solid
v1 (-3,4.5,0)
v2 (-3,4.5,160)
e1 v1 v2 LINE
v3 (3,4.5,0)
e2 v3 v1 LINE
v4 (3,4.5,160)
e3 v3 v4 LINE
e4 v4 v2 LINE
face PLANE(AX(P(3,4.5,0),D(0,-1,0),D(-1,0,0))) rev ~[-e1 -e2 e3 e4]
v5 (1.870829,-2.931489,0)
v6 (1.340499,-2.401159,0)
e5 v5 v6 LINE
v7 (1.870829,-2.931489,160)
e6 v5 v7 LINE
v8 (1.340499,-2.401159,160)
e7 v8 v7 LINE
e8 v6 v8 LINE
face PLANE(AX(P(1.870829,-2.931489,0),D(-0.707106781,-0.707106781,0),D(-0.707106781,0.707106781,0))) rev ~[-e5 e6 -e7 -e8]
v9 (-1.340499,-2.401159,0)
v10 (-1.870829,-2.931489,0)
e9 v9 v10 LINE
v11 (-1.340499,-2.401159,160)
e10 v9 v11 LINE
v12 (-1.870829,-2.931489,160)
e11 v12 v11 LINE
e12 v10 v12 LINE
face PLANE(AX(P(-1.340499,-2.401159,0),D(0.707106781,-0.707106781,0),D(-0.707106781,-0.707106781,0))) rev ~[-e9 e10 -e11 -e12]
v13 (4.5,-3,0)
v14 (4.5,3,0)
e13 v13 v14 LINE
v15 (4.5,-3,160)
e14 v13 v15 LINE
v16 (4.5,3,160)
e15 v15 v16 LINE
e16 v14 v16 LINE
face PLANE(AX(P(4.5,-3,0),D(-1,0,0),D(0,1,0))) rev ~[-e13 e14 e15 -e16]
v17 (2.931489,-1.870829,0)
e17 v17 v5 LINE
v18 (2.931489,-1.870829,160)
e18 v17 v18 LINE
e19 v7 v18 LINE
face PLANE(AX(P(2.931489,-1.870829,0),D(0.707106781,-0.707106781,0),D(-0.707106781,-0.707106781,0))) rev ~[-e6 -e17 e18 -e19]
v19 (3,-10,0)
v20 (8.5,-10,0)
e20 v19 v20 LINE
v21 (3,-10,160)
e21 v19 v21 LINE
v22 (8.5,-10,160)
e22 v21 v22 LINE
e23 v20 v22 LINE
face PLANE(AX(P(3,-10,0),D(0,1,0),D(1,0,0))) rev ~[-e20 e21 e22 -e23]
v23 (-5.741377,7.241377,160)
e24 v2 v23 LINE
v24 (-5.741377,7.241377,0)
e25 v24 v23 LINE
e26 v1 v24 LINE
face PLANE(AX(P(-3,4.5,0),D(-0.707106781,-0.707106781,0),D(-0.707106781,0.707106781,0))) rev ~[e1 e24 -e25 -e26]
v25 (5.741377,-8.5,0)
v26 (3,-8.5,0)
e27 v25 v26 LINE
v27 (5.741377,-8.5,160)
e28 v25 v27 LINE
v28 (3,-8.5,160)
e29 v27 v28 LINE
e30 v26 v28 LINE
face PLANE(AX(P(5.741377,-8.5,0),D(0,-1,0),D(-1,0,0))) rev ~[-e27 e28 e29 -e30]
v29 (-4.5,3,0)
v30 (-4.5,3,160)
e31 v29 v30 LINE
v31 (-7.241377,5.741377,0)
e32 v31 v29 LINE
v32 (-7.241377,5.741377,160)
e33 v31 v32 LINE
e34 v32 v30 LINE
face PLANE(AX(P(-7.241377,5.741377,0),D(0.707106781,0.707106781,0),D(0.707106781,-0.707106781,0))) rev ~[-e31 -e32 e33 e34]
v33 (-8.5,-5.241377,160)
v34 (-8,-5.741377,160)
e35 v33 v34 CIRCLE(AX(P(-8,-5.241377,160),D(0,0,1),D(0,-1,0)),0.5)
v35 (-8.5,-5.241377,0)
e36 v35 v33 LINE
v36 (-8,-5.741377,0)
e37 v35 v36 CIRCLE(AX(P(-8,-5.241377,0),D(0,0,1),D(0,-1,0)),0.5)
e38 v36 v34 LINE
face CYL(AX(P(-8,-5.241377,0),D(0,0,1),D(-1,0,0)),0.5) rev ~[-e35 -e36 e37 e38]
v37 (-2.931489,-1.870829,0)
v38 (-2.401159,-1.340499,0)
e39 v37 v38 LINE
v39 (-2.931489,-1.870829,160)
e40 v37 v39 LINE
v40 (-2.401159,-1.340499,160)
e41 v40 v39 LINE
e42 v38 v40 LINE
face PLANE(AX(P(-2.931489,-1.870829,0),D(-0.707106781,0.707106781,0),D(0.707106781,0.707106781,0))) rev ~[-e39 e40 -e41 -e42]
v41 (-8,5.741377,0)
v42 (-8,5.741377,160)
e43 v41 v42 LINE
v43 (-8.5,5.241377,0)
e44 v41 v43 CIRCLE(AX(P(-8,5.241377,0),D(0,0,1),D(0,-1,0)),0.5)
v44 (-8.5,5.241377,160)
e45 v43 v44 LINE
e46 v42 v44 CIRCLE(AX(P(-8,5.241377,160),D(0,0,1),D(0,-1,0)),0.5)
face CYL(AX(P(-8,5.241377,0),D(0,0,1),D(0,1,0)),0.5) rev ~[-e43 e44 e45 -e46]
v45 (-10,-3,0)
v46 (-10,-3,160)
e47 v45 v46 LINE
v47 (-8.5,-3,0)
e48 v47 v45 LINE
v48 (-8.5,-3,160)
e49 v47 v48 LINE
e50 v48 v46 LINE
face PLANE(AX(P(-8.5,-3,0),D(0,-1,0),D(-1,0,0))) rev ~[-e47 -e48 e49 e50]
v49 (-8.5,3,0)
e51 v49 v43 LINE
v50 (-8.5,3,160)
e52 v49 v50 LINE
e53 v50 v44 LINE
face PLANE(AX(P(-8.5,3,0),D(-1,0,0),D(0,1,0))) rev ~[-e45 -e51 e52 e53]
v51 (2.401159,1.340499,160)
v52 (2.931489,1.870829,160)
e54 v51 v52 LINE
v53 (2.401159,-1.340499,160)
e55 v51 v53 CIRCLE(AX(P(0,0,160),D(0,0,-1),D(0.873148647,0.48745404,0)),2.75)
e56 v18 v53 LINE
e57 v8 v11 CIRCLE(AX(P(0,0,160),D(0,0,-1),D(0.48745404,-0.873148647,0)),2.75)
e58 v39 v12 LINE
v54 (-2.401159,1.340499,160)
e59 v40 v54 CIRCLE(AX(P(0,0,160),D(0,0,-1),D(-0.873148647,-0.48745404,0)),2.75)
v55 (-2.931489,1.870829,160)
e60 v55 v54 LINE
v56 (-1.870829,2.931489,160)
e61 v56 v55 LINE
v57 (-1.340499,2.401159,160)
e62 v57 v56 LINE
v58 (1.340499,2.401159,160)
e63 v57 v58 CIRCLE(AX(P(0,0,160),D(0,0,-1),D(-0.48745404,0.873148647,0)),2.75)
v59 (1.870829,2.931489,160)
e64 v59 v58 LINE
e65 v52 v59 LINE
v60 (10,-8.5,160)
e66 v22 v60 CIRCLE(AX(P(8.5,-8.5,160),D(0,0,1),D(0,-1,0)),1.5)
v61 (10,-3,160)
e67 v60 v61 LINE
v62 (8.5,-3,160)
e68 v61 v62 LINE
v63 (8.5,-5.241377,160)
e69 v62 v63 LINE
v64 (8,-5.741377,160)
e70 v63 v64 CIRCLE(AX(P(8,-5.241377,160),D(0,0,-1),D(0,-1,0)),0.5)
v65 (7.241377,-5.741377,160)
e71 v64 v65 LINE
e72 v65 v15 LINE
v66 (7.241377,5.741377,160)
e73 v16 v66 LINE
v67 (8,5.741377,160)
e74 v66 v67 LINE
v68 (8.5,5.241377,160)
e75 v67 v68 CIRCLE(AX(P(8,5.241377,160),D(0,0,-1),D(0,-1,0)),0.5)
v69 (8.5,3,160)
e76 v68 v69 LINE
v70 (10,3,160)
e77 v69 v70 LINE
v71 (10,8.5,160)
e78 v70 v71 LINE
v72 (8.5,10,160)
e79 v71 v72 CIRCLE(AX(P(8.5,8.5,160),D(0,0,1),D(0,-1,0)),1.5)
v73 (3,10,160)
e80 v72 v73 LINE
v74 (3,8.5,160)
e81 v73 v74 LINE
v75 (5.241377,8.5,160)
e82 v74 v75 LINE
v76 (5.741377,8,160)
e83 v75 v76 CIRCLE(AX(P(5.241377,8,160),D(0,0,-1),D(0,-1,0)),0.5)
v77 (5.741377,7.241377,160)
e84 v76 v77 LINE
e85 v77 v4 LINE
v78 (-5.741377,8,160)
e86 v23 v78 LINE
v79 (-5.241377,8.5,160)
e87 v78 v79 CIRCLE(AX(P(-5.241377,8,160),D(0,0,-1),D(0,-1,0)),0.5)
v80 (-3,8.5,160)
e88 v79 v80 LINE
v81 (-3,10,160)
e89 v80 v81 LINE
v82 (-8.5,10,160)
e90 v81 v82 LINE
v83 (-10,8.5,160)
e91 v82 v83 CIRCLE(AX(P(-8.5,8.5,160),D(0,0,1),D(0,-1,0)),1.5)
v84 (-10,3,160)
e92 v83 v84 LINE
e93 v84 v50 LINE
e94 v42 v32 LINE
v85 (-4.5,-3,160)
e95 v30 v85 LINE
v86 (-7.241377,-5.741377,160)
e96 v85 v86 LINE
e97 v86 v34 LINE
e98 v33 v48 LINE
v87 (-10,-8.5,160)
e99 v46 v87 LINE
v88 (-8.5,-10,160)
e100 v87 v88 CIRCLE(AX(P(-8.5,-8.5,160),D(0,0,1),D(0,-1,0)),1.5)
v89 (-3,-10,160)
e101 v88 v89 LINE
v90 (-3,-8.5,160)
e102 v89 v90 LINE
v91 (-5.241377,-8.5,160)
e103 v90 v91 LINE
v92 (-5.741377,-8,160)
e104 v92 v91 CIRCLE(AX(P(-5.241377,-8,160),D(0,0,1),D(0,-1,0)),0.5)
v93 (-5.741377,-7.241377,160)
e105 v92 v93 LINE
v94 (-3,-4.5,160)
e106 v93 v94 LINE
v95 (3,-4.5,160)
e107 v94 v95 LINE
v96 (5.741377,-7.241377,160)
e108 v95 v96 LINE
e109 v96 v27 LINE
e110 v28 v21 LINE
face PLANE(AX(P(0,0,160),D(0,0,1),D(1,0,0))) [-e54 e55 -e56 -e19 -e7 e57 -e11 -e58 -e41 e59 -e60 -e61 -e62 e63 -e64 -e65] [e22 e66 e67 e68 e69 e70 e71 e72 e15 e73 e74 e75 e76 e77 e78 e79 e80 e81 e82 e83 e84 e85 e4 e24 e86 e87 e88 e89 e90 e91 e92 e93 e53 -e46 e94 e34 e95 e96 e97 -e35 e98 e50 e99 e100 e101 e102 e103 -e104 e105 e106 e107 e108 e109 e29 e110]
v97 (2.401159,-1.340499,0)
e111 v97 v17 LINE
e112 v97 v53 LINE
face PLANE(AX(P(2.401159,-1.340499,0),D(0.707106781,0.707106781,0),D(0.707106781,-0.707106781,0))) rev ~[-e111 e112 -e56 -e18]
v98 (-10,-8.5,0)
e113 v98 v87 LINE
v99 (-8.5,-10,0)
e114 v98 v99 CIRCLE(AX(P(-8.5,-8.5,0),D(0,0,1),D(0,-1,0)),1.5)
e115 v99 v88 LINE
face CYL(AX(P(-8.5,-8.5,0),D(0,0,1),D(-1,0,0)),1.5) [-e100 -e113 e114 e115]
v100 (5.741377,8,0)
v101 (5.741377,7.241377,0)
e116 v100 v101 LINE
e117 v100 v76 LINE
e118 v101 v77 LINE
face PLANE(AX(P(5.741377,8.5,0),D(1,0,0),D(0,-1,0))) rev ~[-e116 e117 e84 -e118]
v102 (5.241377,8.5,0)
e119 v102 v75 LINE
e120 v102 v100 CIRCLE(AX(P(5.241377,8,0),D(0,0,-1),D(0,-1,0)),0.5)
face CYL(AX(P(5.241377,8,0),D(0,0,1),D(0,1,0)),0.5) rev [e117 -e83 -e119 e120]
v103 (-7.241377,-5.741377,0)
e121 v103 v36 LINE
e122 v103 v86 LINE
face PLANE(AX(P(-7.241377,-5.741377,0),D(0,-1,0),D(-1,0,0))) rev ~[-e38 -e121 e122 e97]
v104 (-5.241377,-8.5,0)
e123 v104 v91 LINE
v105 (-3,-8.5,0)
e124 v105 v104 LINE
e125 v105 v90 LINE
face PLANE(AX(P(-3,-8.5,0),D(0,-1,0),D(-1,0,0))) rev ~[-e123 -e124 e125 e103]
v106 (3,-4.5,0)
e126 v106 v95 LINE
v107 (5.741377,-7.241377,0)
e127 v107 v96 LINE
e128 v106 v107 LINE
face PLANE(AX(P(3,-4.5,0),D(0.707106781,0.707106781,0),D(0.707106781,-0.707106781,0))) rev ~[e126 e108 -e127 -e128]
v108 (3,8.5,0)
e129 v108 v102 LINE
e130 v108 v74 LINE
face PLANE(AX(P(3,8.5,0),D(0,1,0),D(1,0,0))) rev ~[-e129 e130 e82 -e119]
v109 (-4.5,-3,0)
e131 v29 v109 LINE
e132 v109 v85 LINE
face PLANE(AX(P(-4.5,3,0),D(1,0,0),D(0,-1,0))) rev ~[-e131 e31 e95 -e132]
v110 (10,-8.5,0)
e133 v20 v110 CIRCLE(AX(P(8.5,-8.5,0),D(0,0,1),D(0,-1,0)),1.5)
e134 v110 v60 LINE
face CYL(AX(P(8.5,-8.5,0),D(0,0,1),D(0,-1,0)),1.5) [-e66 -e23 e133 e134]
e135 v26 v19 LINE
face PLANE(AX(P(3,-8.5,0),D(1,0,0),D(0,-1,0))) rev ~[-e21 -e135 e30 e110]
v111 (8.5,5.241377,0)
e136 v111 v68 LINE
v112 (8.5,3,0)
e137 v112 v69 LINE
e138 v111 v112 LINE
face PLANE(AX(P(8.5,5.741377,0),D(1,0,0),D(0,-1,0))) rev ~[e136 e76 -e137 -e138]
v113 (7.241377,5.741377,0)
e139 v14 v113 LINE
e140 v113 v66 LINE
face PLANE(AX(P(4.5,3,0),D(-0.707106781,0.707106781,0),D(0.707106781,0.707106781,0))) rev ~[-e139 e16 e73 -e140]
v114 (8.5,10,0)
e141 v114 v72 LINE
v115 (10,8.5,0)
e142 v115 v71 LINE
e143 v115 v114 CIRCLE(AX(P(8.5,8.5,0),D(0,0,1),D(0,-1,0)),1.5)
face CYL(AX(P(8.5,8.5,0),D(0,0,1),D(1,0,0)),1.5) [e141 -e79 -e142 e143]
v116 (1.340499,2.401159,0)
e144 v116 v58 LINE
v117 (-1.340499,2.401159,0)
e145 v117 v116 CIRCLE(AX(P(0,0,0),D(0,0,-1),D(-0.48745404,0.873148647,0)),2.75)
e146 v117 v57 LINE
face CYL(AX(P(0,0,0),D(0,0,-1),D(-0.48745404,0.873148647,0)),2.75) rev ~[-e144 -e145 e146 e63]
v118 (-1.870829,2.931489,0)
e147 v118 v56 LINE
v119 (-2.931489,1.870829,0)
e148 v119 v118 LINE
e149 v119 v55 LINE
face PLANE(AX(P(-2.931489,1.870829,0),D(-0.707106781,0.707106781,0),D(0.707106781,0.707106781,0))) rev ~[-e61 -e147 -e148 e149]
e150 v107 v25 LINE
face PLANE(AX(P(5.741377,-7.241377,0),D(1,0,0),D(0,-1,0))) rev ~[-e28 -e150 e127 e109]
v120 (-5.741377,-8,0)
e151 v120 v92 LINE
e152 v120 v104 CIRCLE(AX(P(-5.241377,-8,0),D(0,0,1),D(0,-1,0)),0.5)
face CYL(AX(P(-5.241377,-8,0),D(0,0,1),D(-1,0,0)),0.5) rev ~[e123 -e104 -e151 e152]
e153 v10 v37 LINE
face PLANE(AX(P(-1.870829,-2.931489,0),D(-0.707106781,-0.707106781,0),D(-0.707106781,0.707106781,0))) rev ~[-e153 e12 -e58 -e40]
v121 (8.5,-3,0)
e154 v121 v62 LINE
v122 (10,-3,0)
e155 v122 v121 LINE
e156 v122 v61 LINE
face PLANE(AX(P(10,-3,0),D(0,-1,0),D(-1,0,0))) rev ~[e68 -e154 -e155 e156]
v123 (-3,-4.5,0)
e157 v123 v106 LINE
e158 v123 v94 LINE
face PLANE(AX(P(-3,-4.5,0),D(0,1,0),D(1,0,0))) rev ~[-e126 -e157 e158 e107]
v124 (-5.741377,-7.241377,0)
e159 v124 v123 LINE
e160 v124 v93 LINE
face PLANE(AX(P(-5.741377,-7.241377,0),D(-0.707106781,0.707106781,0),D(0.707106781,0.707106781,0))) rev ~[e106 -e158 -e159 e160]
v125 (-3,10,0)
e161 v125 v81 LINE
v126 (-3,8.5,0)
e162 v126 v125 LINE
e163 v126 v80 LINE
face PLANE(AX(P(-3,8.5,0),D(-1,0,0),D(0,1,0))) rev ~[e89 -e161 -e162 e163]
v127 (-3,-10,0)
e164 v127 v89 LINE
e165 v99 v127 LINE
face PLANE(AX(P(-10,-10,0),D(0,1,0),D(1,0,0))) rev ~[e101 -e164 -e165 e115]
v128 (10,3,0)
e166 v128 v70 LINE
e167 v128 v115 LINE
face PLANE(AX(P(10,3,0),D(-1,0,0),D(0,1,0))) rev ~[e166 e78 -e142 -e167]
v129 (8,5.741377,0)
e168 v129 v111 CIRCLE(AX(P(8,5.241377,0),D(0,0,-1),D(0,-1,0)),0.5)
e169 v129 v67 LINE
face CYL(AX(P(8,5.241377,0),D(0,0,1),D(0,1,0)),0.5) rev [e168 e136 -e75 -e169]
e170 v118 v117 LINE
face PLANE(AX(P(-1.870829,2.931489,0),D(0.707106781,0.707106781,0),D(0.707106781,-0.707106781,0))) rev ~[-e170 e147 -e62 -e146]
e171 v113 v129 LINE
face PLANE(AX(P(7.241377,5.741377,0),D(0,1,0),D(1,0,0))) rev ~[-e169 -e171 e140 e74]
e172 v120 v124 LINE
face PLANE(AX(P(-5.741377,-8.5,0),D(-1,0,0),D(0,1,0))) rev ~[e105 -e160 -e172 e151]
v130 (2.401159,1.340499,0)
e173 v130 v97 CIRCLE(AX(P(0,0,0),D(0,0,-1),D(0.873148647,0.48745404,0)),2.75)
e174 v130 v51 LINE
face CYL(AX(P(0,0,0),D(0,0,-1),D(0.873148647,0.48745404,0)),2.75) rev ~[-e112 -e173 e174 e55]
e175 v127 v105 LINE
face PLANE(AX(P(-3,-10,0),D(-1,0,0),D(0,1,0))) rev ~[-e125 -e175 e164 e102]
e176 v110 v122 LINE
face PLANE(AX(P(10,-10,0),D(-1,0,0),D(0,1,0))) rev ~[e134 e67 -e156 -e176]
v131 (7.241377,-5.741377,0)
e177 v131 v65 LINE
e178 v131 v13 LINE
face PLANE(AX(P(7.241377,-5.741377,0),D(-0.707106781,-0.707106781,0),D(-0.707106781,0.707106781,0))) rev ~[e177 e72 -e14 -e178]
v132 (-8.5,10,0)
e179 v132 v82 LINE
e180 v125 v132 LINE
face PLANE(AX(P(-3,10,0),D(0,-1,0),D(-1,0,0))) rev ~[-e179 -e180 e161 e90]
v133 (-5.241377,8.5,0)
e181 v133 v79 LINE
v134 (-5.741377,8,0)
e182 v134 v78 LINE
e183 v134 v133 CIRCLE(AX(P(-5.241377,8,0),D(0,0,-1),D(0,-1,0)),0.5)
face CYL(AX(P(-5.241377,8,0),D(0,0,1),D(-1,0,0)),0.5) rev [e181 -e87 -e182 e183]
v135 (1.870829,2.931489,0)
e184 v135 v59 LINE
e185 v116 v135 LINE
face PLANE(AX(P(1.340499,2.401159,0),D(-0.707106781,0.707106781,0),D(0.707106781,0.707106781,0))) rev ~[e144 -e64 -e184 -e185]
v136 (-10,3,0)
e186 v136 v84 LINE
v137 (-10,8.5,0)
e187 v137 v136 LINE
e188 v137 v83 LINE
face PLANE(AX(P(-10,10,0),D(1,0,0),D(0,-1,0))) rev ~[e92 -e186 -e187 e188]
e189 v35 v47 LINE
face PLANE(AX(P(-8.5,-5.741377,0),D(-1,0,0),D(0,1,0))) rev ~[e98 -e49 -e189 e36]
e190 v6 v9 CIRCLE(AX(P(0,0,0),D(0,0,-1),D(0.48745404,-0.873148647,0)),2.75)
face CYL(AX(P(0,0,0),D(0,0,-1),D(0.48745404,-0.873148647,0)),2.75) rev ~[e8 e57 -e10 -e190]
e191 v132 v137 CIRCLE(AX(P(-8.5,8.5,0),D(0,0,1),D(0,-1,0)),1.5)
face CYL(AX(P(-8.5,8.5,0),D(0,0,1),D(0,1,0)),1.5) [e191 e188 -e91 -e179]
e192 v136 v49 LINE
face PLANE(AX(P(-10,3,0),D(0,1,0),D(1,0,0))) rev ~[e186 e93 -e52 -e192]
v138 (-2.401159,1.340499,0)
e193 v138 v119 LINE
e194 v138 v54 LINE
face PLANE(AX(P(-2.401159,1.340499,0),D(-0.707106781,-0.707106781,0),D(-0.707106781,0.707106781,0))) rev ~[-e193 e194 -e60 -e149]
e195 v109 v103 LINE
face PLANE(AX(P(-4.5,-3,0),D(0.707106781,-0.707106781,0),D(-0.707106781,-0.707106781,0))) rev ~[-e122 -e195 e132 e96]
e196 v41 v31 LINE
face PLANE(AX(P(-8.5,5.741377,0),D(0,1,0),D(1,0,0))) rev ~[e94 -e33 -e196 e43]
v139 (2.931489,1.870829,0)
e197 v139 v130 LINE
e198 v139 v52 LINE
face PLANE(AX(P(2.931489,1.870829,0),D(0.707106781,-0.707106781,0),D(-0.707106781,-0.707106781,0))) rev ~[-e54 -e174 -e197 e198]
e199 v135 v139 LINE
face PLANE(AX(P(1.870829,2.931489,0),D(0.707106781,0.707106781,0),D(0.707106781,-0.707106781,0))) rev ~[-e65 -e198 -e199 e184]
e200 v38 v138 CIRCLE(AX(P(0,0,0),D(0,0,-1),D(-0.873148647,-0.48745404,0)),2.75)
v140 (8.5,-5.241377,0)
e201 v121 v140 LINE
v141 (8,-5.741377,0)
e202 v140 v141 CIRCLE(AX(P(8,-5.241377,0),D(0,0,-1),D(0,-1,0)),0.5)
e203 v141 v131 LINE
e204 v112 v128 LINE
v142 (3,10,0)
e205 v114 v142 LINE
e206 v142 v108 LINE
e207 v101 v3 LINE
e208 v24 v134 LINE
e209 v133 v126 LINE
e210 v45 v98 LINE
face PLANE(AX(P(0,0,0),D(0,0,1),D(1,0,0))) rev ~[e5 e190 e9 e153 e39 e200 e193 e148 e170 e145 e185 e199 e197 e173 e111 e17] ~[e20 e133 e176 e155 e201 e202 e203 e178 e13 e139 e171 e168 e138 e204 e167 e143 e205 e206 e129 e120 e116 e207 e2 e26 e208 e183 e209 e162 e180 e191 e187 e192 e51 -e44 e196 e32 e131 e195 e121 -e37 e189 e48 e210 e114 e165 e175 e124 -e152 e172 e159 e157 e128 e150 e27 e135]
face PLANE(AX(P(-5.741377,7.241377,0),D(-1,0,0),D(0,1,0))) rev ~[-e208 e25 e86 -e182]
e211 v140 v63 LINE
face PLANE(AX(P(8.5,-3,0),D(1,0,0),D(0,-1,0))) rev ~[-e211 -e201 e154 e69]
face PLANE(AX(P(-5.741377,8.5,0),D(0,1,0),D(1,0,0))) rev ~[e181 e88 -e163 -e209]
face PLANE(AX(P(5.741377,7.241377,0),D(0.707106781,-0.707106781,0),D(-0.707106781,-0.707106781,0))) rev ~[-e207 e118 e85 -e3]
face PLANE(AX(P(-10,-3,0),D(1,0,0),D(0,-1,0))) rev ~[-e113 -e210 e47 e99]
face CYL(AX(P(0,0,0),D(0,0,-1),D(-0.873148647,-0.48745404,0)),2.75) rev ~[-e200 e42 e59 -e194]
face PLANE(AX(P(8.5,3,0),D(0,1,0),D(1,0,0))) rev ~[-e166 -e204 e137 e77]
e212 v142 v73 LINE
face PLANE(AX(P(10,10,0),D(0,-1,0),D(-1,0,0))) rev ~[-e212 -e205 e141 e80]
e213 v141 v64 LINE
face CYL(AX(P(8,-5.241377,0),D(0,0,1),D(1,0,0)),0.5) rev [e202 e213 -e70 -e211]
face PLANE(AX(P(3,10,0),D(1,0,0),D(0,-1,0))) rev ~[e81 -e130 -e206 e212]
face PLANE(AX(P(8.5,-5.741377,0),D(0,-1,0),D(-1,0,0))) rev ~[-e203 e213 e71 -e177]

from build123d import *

# Parameters (mm, degrees)
SALIENTE_EXTRUIR1_DEPTH = 160
REDONDEO1_R             = 1.5
REDONDEO2_R             = 0.5
CORTAR_EXTRUIR1_DEPTH   = 161.623784042


with BuildPart() as part:
    # Croquis1 → Saliente-Extruir1 (new body)
    with BuildSketch(Plane.XY):
        Polygon((3, -4.5), (5.7413765, -7.2413765), (5.7413765, -8.5), (3, -8.5), (3, -10), (10, -10), (10, -3), (8.5, -3), (8.5, -5.7413765), (7.2413765, -5.7413765), (4.5, -3), (4.5, 3), (7.2413765, 5.7413765), (8.5, 5.7413765), (8.5, 3), (10, 3), (10, 10), (3, 10), (3, 8.5), (5.7413765, 8.5), (5.7413765, 7.2413765), (3, 4.5), (-3, 4.5), (-5.7413765, 7.2413765), (-5.7413765, 8.5), (-3, 8.5), (-3, 10), (-10, 10), (-10, 3), (-8.5, 3), (-8.5, 5.7413765), (-7.2413765, 5.7413765), (-4.5, 3), (-4.5, -3), (-7.2413765, -5.7413765), (-8.5, -5.7413765), (-8.5, -3), (-10, -3), (-10, -10), (-3, -10), (-3, -8.5), (-5.7413765, -8.5), (-5.7413765, -7.2413765), (-3, -4.5), align=None)
    extrude(amount=SALIENTE_EXTRUIR1_DEPTH)

    # Redondeo1
    redondeo1_edges = [part.edges().sort_by_distance(p)[0] for p in [
        (10, -10, 80),
        (-10, -10, 80),
        (-10, 10, 80),
        (10, 10, 80),
    ]]
    fillet(redondeo1_edges, radius=REDONDEO1_R)

    # Redondeo2
    redondeo2_edges = [part.edges().sort_by_distance(p)[0] for p in [
        (-5.7413765, -8.5, 80),
        (-8.5, -5.7413765, 80),
        (-8.5, 5.7413765, 80),
        (-5.7413765, 8.5, 80),
        (5.7413765, 8.5, 80),
        (8.5, 5.7413765, 80),
        (8.5, -5.7413765, 80),
    ]]
    fillet(redondeo2_edges, radius=REDONDEO2_R)

    # Croquis2 → Cortar-Extruir1 (cut, through all)
    with BuildSketch(Plane(origin=(0, 0, 0), x_dir=(-1, 0, 0), z_dir=(0, 0, -1))):
        with BuildLine():
            Line((-1.340498607, 2.401158779), (-1.870828693, 2.931488865))
            Line((-1.870828693, 2.931488865), (-2.931488865, 1.870828693))
            Line((-2.931488865, 1.870828693), (-2.401158779, 1.340498607))
            ThreePointArc((-2.401158779, 1.340498607), (-2.75, 0), (-2.401158779, -1.340498607))
            Line((-2.401158779, -1.340498607), (-2.931488865, -1.870828693))
            Line((-2.931488865, -1.870828693), (-1.870828693, -2.931488865))
            Line((-1.870828693, -2.931488865), (-1.340498607, -2.401158779))
            ThreePointArc((-1.340498607, -2.401158779), (0, -2.75), (1.340498607, -2.401158779))
            Line((1.340498607, -2.401158779), (1.870828693, -2.931488865))
            Line((1.870828693, -2.931488865), (2.931488865, -1.870828693))
            Line((2.931488865, -1.870828693), (2.401158779, -1.340498607))
            ThreePointArc((2.401158779, -1.340498607), (2.75, 0), (2.401158779, 1.340498607))
            Line((2.401158779, 1.340498607), (2.931488865, 1.870828693))
            Line((2.931488865, 1.870828693), (1.870828693, 2.931488865))
            Line((1.870828693, 2.931488865), (1.340498607, 2.401158779))
            ThreePointArc((1.340498607, 2.401158779), (0, 2.75), (-1.340498607, 2.401158779))
        make_face()
    extrude(amount=-CORTAR_EXTRUIR1_DEPTH, mode=Mode.SUBTRACT)


solid = part.part
